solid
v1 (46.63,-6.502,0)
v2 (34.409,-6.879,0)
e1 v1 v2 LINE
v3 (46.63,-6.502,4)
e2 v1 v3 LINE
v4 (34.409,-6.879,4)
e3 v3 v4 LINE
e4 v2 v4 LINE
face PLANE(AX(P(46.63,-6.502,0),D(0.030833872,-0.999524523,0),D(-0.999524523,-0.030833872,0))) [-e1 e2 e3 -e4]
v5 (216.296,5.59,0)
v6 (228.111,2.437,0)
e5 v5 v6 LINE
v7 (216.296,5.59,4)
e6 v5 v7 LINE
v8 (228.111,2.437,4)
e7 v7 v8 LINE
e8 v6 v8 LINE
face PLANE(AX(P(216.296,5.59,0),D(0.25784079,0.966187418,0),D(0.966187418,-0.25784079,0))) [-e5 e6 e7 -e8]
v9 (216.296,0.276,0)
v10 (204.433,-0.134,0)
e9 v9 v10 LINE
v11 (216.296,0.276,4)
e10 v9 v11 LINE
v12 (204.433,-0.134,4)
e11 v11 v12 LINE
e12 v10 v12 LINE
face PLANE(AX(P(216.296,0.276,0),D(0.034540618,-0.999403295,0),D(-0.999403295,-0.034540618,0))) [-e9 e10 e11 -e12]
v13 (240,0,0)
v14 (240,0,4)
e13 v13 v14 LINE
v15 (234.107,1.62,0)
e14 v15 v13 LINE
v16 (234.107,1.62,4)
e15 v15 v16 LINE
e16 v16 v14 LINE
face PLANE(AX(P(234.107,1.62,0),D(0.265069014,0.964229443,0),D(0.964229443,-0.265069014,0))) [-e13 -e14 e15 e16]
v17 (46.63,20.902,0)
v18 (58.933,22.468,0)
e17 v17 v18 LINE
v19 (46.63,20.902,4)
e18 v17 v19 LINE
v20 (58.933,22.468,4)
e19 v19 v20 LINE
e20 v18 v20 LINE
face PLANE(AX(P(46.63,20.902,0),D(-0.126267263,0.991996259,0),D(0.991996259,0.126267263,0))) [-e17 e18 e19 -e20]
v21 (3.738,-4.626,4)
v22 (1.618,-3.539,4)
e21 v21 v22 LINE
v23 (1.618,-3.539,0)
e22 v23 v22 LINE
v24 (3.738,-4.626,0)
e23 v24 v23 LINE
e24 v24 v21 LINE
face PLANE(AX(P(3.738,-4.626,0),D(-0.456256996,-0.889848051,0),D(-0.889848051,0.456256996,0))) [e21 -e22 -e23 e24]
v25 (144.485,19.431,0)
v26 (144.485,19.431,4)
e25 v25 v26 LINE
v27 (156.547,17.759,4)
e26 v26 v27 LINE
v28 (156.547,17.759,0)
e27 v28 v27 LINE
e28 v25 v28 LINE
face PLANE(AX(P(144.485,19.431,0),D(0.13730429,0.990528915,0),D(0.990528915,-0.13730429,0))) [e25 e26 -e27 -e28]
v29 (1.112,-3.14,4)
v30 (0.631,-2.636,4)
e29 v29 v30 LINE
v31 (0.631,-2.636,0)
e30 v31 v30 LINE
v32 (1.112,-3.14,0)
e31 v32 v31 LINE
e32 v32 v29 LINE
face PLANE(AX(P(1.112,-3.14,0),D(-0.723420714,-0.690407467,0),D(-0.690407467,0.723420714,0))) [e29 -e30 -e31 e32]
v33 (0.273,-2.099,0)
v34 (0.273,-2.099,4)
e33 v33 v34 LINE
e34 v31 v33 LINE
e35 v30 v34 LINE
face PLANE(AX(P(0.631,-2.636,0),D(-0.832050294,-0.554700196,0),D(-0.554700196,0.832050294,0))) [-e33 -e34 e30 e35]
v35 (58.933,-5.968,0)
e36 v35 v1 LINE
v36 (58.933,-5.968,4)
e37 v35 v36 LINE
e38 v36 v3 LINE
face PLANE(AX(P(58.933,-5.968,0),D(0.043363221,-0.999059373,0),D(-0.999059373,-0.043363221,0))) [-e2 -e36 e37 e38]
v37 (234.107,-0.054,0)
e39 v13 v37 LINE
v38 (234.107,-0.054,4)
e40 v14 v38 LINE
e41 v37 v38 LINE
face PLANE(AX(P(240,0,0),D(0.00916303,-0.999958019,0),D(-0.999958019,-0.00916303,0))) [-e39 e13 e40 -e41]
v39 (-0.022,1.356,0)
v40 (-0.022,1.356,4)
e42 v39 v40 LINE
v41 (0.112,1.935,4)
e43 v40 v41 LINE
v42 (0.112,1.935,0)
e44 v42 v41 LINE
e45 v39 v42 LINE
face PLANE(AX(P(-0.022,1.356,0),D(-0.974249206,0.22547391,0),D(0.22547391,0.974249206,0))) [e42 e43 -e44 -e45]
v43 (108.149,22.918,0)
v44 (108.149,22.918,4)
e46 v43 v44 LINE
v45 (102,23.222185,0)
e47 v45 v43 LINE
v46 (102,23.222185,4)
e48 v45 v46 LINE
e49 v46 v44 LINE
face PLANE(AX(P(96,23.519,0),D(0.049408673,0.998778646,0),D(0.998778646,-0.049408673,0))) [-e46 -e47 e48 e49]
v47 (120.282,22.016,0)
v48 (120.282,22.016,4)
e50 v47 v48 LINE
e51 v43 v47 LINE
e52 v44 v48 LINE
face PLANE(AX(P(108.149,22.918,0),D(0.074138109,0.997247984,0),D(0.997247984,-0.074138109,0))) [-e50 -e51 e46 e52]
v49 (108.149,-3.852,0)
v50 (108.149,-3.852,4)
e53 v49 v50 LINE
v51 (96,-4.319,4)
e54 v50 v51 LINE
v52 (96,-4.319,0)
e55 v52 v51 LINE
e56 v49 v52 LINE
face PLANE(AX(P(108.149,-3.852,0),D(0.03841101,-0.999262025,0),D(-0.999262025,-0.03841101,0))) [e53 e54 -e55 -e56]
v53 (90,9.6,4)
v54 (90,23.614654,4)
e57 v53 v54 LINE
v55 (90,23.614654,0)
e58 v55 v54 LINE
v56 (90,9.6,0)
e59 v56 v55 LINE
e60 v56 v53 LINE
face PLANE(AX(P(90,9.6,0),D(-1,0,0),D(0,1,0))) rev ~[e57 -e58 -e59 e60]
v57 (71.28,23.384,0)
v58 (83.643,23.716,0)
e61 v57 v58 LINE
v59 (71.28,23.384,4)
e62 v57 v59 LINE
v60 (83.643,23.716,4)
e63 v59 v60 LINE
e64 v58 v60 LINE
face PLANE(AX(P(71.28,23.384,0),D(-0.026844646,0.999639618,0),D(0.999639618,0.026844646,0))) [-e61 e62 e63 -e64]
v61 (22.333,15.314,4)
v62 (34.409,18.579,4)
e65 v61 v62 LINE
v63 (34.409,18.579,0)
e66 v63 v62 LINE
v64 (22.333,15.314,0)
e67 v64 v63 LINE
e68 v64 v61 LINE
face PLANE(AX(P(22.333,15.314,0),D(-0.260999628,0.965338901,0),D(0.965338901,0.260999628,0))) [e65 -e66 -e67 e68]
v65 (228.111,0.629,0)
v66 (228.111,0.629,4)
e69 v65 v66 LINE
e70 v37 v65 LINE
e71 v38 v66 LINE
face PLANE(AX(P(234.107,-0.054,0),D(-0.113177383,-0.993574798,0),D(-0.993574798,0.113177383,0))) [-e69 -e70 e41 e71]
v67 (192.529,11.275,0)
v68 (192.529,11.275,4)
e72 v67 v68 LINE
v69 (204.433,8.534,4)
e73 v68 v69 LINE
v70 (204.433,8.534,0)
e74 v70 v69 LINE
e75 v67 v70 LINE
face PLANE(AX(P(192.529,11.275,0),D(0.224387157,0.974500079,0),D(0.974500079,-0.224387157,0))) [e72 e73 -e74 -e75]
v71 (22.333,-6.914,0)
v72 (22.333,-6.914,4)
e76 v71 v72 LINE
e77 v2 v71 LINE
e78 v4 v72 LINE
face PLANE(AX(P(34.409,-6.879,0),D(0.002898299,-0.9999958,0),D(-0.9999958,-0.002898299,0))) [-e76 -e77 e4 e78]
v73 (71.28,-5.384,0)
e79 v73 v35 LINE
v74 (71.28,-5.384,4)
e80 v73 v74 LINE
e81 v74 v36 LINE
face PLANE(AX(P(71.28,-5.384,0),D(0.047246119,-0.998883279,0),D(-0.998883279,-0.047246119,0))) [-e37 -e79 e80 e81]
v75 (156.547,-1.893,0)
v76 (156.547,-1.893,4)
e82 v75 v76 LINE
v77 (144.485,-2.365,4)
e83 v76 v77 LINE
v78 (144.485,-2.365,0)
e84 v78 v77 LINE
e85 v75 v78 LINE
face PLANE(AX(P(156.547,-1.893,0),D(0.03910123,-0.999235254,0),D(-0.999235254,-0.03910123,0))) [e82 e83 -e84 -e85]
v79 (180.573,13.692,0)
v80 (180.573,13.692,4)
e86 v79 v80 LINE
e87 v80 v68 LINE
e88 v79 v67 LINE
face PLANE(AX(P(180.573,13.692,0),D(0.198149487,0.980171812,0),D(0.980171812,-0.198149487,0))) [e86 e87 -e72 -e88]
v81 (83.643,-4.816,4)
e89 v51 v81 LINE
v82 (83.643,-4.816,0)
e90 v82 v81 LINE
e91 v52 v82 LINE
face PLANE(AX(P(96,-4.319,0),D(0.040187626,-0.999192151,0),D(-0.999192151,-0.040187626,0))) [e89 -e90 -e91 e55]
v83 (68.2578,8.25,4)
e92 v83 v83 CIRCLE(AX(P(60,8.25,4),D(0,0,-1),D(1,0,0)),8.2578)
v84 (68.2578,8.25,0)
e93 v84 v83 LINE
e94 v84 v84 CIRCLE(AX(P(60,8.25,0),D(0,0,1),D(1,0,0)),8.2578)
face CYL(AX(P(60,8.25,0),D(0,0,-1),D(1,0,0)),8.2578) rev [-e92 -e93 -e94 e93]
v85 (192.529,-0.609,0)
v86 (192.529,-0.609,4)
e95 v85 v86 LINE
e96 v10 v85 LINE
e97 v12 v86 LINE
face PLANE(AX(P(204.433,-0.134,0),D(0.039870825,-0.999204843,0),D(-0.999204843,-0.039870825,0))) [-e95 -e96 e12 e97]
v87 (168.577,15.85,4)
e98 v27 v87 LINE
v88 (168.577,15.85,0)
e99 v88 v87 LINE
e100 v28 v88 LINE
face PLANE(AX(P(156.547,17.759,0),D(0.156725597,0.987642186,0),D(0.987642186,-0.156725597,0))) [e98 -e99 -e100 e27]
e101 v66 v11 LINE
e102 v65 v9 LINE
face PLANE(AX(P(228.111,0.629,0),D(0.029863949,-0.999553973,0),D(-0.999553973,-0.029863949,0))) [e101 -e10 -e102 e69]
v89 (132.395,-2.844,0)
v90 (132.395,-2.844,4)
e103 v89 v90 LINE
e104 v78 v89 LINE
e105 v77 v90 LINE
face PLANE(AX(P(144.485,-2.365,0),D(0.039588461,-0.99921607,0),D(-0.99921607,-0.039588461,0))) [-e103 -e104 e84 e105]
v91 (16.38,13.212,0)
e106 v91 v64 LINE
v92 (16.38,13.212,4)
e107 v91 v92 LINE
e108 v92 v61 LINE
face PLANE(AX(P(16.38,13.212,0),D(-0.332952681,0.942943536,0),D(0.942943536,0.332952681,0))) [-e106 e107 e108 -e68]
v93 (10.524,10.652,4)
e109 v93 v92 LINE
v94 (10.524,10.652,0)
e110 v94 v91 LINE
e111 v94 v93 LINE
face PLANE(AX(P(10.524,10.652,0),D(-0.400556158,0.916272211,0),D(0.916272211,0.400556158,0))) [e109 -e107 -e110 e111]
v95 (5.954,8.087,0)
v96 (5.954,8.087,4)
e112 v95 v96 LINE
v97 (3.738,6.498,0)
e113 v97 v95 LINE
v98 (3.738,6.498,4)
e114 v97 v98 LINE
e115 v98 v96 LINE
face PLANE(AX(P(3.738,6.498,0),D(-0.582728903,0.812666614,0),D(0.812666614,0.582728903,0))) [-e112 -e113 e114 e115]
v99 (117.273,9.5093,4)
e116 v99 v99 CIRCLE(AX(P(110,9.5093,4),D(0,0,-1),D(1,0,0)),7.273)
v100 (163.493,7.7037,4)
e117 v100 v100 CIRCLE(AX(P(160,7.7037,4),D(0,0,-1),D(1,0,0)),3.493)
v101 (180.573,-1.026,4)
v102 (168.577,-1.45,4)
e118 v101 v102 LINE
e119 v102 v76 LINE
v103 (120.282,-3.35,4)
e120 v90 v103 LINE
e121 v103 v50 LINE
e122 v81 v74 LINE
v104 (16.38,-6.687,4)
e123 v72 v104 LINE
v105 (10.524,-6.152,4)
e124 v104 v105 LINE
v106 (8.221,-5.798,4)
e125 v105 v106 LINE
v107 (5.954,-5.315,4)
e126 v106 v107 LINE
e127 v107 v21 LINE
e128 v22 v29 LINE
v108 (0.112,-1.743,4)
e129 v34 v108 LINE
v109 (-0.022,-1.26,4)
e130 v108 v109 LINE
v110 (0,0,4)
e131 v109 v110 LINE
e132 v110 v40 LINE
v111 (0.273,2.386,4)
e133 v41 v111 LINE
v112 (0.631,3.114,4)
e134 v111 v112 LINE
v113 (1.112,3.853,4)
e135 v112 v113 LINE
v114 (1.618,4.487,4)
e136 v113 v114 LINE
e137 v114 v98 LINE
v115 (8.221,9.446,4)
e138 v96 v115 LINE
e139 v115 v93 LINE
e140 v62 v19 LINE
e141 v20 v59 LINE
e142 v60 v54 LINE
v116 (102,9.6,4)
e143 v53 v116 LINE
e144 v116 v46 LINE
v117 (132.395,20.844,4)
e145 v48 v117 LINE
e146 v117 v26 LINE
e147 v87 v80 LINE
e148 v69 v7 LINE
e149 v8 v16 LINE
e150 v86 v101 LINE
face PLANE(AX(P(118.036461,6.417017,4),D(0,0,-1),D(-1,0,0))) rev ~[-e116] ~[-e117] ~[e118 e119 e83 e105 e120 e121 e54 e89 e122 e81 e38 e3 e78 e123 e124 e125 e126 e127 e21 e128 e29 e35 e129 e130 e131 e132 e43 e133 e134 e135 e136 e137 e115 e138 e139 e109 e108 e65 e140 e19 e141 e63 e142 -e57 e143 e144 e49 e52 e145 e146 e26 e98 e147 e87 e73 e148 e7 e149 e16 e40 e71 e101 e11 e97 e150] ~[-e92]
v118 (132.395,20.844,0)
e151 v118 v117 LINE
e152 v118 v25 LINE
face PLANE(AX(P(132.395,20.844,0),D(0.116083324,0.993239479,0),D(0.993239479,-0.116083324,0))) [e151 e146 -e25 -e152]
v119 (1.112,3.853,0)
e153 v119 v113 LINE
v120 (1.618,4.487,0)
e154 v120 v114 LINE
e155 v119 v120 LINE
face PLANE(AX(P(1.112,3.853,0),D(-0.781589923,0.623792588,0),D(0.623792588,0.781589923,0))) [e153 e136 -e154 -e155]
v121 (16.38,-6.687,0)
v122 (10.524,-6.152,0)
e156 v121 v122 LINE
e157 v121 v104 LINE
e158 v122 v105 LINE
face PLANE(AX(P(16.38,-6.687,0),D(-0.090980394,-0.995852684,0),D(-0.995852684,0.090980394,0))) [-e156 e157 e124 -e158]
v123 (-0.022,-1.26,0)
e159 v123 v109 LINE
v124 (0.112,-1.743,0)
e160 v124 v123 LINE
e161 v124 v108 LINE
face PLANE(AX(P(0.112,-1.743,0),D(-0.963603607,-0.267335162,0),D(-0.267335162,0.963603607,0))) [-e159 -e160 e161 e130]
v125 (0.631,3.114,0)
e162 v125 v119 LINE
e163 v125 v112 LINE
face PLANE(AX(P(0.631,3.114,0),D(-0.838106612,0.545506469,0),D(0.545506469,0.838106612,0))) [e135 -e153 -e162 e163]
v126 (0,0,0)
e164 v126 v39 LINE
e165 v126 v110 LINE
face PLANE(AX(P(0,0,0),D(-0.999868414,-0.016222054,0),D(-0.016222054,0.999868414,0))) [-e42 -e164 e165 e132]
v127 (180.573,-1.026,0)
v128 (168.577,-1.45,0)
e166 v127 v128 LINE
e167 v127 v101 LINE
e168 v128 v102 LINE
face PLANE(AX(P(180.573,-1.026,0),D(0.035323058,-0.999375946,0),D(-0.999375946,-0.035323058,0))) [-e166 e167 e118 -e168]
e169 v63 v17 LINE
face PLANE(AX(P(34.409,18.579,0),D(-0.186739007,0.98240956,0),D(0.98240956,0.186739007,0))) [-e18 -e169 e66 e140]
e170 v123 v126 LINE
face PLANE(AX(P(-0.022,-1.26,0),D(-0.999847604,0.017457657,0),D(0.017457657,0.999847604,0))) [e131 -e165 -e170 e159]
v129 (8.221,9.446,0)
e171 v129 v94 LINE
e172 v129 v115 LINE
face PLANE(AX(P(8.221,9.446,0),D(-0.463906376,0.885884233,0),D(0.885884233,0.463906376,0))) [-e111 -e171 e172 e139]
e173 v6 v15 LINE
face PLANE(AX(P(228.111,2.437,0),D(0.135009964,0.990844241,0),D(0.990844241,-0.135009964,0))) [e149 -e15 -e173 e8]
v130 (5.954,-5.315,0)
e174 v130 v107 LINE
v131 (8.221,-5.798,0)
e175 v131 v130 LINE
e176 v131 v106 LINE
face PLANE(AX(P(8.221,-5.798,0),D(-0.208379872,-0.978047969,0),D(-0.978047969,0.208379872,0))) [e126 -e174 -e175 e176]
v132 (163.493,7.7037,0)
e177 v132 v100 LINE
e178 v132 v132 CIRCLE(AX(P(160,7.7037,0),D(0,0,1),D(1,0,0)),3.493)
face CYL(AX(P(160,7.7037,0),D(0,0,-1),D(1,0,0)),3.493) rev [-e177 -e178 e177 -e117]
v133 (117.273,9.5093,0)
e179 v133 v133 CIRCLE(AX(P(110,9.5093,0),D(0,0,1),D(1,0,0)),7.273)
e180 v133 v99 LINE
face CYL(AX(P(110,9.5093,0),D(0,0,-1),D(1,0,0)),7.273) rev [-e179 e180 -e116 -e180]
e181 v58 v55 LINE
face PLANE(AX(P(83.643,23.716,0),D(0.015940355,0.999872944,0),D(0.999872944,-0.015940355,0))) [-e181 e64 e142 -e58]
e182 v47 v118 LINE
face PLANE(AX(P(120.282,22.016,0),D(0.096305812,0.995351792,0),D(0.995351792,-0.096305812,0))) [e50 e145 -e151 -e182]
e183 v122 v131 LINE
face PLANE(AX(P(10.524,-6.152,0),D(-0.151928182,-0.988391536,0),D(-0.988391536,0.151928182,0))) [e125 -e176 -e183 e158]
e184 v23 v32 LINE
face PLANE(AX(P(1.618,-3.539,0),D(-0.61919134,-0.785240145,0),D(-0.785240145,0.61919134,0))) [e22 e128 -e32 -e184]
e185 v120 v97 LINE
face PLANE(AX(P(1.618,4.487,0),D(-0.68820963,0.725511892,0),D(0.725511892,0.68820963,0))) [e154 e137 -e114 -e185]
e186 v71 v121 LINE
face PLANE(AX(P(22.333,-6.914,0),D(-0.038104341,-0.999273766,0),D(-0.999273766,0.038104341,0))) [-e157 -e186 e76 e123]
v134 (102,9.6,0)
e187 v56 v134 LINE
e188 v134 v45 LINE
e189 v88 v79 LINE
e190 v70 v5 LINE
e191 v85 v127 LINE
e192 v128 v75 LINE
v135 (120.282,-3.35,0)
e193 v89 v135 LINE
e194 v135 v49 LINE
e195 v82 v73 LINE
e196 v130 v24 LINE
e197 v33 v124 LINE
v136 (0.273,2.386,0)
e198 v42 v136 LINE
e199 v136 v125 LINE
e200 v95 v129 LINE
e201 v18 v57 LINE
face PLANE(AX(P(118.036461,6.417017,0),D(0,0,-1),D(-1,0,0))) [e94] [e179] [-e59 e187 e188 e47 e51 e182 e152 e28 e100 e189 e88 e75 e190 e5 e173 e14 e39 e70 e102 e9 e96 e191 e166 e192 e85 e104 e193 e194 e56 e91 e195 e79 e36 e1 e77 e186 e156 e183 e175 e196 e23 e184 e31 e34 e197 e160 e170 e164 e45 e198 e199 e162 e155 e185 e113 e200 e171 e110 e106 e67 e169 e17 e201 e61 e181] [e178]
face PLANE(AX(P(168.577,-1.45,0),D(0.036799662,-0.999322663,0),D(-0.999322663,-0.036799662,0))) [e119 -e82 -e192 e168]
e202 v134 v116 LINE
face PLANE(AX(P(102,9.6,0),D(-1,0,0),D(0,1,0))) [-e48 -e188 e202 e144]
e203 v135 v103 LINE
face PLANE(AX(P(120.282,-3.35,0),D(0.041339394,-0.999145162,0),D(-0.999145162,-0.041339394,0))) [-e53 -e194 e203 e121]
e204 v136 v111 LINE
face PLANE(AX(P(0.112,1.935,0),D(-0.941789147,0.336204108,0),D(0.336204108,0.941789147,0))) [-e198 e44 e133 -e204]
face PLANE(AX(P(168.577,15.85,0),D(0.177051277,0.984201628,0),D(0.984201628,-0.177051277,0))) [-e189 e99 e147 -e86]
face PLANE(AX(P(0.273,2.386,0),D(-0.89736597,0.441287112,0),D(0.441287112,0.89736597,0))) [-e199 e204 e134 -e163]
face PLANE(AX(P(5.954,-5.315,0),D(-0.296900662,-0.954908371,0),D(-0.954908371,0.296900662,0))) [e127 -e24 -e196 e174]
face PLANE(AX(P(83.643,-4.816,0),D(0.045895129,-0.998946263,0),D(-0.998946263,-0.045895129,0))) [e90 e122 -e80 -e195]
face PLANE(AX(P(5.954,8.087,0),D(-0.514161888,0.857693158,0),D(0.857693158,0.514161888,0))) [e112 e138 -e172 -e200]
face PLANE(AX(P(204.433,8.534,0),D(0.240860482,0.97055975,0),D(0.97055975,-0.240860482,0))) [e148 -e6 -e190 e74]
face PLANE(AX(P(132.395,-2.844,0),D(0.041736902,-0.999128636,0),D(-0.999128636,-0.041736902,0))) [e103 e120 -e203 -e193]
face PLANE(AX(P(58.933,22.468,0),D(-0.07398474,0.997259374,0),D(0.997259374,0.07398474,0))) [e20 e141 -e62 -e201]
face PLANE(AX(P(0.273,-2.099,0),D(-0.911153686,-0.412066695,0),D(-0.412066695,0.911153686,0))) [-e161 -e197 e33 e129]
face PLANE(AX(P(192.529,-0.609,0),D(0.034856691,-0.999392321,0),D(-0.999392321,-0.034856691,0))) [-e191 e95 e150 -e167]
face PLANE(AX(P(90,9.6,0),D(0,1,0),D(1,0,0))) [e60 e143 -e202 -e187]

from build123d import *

# Parameters (mm, degrees)
EXTRUDE_1_DEPTH     = 4
SKETCH_2_R          = 8.2578
CUT_EXTRUDE_1_DEPTH = 242.202090903
SKETCH_3_W          = 12
SKETCH_3_H          = 15
CUT_EXTRUDE_2_DEPTH = 242.202090903
SKETCH_4_R          = 7.273
CUT_EXTRUDE_3_DEPTH = 242.202090903
SKETCH_5_R          = 3.493
CUT_EXTRUDE_4_DEPTH = 242.202090903


with BuildPart() as part:
    # 草图1 → 凸台-拉伸1 (new body)
    with BuildSketch(Plane.XY):
        Polygon((0, 0), (-0.022, 1.356), (0.112, 1.935), (0.273, 2.386), (0.631, 3.114), (1.112, 3.853), (1.618, 4.487), (3.738, 6.498), (5.954, 8.087), (8.221, 9.446), (10.524, 10.652), (16.38, 13.212), (22.333, 15.314), (34.409, 18.579), (46.63, 20.902), (58.933, 22.468), (71.28, 23.384), (83.643, 23.716), (96, 23.519), (108.149, 22.918), (120.282, 22.016), (132.395, 20.844), (144.485, 19.431), (156.547, 17.759), (168.577, 15.85), (180.573, 13.692), (192.529, 11.275), (204.433, 8.534), (216.296, 5.59), (228.111, 2.437), (234.107, 1.62), (240, 0), (234.107, -0.054), (228.111, 0.629), (216.296, 0.276), (204.433, -0.134), (192.529, -0.609), (180.573, -1.026), (168.577, -1.45), (156.547, -1.893), (144.485, -2.365), (132.395, -2.844), (120.282, -3.35), (108.149, -3.852), (96, -4.319), (83.643, -4.816), (71.28, -5.384), (58.933, -5.968), (46.63, -6.502), (34.409, -6.879), (22.333, -6.914), (16.38, -6.687), (10.524, -6.152), (8.221, -5.798), (5.954, -5.315), (3.738, -4.626), (1.618, -3.539), (1.112, -3.14), (0.631, -2.636), (0.273, -2.099), (0.112, -1.743), (-0.022, -1.26), align=None)
    extrude(amount=EXTRUDE_1_DEPTH)

    # 草图2 → 切除-拉伸1 (cut, through all)
    with BuildSketch(Plane.XY):
        with Locations((60, 8.25)):
            Circle(SKETCH_2_R)
    extrude(amount=CUT_EXTRUDE_1_DEPTH, mode=Mode.SUBTRACT)

    # 草图3 → 切除-拉伸2 (cut, through all)
    with BuildSketch(Plane.XY):
        with Locations((96, 17.1)):
            Rectangle(SKETCH_3_W, SKETCH_3_H)
    extrude(amount=CUT_EXTRUDE_2_DEPTH, mode=Mode.SUBTRACT)

    # 草图4 → 切除-拉伸3 (cut, through all)
    with BuildSketch(Plane.XY):
        with Locations((110, 9.5093)):
            Circle(SKETCH_4_R)
    extrude(amount=CUT_EXTRUDE_3_DEPTH, mode=Mode.SUBTRACT)

    # 草图5 → 切除-拉伸4 (cut, through all)
    with BuildSketch(Plane.XY):
        with Locations((160, 7.7037)):
            Circle(SKETCH_5_R)
    extrude(amount=CUT_EXTRUDE_4_DEPTH, mode=Mode.SUBTRACT)


solid = part.part
